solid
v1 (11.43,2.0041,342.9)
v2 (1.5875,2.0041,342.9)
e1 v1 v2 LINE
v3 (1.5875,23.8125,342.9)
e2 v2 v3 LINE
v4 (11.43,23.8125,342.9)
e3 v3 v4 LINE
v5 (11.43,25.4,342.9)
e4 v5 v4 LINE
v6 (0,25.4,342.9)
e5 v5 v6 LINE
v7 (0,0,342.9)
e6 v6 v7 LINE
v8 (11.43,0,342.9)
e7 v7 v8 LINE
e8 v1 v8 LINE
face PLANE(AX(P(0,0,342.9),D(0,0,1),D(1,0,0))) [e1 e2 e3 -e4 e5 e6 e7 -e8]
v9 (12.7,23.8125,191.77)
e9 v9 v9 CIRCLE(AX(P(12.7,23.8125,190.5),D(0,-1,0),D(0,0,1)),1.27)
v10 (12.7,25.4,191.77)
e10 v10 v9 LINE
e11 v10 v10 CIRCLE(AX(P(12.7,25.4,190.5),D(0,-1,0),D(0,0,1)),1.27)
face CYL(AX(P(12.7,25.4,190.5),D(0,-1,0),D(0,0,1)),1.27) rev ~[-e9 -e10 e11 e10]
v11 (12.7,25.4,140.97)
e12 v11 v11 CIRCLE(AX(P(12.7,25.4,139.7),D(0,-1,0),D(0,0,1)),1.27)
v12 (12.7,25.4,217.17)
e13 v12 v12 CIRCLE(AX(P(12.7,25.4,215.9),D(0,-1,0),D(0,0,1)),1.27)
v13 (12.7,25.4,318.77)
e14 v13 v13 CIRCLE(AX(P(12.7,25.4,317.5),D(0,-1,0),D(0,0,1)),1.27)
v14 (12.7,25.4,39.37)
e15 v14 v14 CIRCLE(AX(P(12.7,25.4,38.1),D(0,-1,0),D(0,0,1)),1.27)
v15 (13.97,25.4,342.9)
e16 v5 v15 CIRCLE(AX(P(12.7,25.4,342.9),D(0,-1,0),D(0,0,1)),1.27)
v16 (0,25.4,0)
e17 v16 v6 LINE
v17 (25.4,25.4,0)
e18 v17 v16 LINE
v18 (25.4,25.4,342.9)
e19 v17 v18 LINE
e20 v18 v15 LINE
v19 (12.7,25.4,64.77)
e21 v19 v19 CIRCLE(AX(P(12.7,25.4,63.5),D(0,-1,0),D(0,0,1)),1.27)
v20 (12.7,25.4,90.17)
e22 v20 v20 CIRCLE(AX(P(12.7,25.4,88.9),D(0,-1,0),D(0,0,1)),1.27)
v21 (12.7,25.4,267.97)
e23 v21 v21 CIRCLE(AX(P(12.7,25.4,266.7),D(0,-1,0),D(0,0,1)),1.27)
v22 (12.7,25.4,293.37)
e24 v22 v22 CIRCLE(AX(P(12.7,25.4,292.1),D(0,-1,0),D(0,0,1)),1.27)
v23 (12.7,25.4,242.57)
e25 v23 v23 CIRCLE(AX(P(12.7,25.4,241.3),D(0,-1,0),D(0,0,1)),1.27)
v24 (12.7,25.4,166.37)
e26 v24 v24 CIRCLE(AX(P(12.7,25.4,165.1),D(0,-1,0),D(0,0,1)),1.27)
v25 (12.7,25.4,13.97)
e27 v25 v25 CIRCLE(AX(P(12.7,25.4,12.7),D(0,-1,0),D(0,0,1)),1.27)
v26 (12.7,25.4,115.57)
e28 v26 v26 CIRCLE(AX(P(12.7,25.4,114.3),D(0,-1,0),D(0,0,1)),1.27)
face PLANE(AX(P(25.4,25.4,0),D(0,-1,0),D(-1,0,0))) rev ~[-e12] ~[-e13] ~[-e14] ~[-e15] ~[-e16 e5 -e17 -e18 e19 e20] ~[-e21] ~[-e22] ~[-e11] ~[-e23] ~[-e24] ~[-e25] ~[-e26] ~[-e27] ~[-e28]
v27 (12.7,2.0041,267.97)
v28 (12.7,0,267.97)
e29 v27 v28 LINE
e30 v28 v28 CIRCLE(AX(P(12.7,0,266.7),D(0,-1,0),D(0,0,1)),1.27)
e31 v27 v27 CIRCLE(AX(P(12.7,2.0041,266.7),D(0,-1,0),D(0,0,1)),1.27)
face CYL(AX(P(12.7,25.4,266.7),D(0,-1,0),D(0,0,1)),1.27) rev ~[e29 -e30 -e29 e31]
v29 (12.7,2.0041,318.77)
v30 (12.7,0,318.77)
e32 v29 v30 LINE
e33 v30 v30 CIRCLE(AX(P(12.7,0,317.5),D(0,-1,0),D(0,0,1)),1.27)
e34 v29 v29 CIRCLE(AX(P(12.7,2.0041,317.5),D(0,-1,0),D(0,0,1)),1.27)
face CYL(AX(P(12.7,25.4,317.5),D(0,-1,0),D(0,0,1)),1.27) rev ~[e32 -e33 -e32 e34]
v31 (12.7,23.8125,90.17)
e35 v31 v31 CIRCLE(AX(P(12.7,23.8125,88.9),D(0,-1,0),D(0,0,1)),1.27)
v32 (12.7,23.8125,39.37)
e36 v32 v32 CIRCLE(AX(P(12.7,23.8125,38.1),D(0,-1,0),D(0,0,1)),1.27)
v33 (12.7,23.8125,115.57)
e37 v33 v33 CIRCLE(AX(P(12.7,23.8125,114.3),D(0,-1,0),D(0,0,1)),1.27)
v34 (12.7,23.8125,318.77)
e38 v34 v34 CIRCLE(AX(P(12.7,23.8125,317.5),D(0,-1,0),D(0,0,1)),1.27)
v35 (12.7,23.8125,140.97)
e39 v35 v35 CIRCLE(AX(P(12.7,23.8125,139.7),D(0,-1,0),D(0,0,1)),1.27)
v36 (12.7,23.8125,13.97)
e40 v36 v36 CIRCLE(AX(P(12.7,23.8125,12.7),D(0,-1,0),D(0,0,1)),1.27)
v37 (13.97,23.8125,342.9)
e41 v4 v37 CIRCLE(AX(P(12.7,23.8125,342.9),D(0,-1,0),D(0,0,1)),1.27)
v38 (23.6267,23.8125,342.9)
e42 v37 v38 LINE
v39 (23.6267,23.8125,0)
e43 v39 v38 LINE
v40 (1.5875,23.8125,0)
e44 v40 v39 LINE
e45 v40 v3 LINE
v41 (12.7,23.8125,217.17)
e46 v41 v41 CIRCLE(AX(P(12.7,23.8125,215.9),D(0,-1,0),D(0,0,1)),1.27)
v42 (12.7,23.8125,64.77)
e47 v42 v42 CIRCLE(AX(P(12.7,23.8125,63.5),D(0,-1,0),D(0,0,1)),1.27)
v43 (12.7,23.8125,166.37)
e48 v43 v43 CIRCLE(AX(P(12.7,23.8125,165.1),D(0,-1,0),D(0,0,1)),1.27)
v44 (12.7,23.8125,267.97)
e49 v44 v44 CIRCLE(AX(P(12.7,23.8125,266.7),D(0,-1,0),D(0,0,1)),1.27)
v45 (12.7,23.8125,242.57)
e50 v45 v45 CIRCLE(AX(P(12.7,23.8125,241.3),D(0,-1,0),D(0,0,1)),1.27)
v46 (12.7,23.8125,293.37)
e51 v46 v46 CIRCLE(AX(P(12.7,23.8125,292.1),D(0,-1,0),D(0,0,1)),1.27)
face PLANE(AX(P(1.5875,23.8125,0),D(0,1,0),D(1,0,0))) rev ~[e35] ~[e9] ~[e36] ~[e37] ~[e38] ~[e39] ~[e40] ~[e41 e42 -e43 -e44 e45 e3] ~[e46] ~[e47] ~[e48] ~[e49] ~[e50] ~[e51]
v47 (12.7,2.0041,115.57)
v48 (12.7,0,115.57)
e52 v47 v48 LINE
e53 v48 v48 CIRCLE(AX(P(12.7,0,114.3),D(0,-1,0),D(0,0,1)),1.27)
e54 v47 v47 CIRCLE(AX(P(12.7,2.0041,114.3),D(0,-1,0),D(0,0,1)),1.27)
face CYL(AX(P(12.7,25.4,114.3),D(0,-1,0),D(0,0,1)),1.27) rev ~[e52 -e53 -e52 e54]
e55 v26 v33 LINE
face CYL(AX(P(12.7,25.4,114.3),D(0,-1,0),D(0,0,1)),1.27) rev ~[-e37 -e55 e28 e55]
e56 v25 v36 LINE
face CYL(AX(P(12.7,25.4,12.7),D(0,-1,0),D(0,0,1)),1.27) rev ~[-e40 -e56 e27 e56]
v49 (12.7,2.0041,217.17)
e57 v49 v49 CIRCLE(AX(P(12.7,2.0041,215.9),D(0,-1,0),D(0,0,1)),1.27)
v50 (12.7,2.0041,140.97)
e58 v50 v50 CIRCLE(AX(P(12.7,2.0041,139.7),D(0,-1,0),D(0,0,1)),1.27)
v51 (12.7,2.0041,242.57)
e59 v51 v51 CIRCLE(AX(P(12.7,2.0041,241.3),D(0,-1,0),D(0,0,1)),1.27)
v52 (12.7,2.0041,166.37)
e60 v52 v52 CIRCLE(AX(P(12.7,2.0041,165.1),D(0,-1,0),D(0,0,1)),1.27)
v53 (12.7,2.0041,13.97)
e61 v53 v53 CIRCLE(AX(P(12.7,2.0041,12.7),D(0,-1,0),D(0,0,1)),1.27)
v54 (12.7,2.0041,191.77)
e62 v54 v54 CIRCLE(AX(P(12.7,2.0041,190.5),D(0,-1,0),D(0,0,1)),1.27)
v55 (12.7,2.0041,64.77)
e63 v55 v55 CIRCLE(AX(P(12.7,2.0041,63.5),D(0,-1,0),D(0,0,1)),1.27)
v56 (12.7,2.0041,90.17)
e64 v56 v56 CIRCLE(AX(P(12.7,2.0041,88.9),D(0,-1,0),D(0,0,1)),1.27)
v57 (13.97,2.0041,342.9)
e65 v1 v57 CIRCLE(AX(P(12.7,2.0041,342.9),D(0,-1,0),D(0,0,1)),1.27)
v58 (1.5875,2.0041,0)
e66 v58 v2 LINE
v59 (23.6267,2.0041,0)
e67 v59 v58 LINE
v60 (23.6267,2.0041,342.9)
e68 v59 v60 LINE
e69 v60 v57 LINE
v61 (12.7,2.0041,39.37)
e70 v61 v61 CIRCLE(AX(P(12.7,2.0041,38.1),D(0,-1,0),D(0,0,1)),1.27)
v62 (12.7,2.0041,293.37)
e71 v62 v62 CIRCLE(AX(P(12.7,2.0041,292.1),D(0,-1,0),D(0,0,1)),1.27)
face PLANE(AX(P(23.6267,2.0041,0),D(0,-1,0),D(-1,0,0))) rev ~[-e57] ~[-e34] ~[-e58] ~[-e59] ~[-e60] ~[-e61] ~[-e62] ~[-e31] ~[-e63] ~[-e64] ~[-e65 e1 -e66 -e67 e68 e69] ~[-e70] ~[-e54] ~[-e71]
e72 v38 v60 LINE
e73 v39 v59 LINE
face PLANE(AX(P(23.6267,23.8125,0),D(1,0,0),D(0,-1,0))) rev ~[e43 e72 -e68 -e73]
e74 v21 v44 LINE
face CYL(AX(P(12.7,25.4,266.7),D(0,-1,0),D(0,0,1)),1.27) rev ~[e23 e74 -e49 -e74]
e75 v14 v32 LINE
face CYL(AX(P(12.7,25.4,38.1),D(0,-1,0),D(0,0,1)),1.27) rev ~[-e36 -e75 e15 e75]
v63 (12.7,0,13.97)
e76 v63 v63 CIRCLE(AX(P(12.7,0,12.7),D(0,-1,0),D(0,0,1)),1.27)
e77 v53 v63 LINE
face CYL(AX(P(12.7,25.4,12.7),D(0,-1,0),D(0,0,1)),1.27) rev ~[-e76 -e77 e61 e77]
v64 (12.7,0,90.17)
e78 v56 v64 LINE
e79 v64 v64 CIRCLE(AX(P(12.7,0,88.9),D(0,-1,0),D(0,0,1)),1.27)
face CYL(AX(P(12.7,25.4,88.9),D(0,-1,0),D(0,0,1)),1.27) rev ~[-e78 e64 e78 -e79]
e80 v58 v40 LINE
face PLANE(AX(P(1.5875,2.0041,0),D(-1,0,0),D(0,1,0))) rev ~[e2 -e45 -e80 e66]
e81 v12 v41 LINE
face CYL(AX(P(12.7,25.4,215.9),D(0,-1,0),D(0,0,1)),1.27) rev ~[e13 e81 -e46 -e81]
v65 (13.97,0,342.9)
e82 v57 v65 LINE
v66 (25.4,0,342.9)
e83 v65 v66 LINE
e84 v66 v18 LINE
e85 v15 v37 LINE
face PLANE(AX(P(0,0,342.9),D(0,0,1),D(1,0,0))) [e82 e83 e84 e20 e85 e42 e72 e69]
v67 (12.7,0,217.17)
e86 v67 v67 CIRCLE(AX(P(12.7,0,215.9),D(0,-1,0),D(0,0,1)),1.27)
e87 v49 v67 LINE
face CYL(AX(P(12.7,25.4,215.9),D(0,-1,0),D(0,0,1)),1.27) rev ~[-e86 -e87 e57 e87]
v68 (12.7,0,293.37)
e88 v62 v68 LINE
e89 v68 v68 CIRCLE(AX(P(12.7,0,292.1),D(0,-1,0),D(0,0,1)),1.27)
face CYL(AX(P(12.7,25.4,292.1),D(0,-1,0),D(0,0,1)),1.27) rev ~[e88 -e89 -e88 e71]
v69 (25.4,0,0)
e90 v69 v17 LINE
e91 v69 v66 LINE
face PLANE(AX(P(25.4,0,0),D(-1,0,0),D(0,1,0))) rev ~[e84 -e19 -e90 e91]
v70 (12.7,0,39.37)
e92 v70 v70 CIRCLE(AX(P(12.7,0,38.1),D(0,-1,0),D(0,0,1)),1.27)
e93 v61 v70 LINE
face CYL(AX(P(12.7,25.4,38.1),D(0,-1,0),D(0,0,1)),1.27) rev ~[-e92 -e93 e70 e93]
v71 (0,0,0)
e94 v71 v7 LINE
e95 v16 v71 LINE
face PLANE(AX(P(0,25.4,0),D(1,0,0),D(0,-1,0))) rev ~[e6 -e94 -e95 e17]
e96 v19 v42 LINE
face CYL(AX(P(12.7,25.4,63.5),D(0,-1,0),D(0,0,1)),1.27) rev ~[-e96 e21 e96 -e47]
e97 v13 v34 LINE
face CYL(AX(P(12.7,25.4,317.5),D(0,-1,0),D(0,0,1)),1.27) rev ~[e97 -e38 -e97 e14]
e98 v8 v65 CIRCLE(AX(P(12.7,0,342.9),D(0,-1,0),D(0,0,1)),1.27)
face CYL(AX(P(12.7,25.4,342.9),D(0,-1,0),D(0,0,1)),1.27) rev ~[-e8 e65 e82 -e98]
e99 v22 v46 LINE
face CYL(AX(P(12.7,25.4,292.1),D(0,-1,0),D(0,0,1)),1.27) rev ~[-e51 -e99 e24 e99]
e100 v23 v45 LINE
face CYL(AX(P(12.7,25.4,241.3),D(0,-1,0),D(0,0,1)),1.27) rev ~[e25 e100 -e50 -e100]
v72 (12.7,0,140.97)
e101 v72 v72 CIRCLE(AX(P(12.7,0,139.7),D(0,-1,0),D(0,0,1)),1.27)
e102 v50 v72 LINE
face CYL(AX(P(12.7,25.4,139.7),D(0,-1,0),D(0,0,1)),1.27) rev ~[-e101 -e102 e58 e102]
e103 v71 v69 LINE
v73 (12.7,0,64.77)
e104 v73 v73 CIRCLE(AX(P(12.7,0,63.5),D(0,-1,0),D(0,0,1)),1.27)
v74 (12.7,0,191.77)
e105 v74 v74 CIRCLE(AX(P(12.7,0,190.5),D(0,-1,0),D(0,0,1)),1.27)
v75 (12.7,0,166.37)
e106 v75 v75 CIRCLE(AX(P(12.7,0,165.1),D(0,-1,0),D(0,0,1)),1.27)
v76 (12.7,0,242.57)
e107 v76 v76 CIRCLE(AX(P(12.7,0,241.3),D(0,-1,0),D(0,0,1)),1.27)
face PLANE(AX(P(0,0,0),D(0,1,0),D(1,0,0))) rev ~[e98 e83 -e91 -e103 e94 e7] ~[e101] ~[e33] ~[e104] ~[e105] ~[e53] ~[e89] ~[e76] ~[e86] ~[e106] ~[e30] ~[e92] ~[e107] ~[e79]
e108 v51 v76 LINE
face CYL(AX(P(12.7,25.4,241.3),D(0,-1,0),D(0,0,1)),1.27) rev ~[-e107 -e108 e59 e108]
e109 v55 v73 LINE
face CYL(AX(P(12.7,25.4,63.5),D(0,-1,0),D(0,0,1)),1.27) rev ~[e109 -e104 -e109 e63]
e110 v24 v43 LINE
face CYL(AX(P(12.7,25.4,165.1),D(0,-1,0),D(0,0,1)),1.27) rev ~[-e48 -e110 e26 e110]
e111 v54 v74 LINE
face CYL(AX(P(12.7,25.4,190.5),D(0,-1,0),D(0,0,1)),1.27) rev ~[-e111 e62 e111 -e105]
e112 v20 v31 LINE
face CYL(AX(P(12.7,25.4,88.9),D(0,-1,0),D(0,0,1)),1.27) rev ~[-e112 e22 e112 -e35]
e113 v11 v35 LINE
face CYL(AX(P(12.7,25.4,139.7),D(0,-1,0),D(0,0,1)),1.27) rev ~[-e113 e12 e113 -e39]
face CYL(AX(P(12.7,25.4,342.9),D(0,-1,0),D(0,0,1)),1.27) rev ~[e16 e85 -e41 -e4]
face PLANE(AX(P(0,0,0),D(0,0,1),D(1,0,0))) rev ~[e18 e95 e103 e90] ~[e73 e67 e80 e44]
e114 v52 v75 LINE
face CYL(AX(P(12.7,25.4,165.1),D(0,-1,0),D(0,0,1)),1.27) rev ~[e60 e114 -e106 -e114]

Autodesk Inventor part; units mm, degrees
ref_plane "YZ Plane" through (0, 0, 0) normal (1, 0, 0) x (0, 1, 0)
ref_plane "XZ Plane" through (0, 0, 0) normal (0, 1, 0) x (-1, 0, 0)
ref_plane "XY Plane" through (0, 0, 0) normal (0, 0, 1) x (1, 0, 0)
sketch "Sketch1" plane through (0, 0, 0) normal (0, 0, 1) x (1, 0, 0)
  line L0 (0, 0) -> (25.4, 0)
  line L1 (25.4, 0) -> (25.4, 25.4)
  line L2 (25.4, 25.4) -> (0, 25.4)
  line L3 (0, 25.4) -> (0, 0)
  line L4 (1.5875, 23.8125) -> (23.6267, 23.8125)
  line L5 (23.6267, 23.8125) -> (23.6267, 2.0041)
  line L6 (23.6267, 2.0041) -> (1.5875, 2.0041)
  line L7 (1.5875, 2.0041) -> (1.5875, 23.8125)
  dimension "d0" = 25.4
  dimension "d1" = 25.4
  dimension "d2" = 1.5875
  dimension "d3" = 1.5875
extrude "Extrusion1" add sketch "Sketch1" along normal blind 342.9
sketch "Sketch2" plane through (0, 25.4, 0) normal (0, 1, 0) x (1, 0, 0)
  line L0 (25.4, 0) -> (0, 0) projected
  line L1 (25.4, 0) -> (25.4, -342.9) projected
  point P0 (12.7, -12.7)
  point P1 (12.7, -38.1)
  point P2 (12.7, -63.5)
  point P3 (12.7, -88.9)
  point P4 (12.7, -114.3)
  point P5 (12.7, -139.7)
  point P6 (12.7, -165.1)
  point P7 (12.7, -190.5)
  point P8 (12.7, -215.9)
  point P9 (12.7, -241.3)
  point P10 (12.7, -266.7)
  point P11 (12.7, -292.1)
  point P12 (12.7, -317.5)
  point P13 (12.7, -342.9)
  point P14 (12.7, -368.3)
  point P15 (12.7, -393.7)
  dimension "d6" = 12.7
  dimension "d7" = 12.7
  dimension "d10" = 25.4
hole "Hole1" at (12.7, 25.4, 12.7) at (12.7, 25.4, 38.1) at (12.7, 25.4, 63.5) at (12.7, 25.4, 88.9) at (12.7, 25.4, 114.3) at (12.7, 25.4, 139.7) at (12.7, 25.4, 165.1) at (12.7, 25.4, 190.5) at (12.7, 25.4, 215.9) at (12.7, 25.4, 241.3) at (12.7, 25.4, 266.7) at (12.7, 25.4, 292.1) at (12.7, 25.4, 317.5) at (12.7, 25.4, 342.9) at (12.7, 25.4, 368.3) direction (0, -1, 0) diameter 2.54 depth 25.4 tip angle 118
properties part number "Drive Rail"
